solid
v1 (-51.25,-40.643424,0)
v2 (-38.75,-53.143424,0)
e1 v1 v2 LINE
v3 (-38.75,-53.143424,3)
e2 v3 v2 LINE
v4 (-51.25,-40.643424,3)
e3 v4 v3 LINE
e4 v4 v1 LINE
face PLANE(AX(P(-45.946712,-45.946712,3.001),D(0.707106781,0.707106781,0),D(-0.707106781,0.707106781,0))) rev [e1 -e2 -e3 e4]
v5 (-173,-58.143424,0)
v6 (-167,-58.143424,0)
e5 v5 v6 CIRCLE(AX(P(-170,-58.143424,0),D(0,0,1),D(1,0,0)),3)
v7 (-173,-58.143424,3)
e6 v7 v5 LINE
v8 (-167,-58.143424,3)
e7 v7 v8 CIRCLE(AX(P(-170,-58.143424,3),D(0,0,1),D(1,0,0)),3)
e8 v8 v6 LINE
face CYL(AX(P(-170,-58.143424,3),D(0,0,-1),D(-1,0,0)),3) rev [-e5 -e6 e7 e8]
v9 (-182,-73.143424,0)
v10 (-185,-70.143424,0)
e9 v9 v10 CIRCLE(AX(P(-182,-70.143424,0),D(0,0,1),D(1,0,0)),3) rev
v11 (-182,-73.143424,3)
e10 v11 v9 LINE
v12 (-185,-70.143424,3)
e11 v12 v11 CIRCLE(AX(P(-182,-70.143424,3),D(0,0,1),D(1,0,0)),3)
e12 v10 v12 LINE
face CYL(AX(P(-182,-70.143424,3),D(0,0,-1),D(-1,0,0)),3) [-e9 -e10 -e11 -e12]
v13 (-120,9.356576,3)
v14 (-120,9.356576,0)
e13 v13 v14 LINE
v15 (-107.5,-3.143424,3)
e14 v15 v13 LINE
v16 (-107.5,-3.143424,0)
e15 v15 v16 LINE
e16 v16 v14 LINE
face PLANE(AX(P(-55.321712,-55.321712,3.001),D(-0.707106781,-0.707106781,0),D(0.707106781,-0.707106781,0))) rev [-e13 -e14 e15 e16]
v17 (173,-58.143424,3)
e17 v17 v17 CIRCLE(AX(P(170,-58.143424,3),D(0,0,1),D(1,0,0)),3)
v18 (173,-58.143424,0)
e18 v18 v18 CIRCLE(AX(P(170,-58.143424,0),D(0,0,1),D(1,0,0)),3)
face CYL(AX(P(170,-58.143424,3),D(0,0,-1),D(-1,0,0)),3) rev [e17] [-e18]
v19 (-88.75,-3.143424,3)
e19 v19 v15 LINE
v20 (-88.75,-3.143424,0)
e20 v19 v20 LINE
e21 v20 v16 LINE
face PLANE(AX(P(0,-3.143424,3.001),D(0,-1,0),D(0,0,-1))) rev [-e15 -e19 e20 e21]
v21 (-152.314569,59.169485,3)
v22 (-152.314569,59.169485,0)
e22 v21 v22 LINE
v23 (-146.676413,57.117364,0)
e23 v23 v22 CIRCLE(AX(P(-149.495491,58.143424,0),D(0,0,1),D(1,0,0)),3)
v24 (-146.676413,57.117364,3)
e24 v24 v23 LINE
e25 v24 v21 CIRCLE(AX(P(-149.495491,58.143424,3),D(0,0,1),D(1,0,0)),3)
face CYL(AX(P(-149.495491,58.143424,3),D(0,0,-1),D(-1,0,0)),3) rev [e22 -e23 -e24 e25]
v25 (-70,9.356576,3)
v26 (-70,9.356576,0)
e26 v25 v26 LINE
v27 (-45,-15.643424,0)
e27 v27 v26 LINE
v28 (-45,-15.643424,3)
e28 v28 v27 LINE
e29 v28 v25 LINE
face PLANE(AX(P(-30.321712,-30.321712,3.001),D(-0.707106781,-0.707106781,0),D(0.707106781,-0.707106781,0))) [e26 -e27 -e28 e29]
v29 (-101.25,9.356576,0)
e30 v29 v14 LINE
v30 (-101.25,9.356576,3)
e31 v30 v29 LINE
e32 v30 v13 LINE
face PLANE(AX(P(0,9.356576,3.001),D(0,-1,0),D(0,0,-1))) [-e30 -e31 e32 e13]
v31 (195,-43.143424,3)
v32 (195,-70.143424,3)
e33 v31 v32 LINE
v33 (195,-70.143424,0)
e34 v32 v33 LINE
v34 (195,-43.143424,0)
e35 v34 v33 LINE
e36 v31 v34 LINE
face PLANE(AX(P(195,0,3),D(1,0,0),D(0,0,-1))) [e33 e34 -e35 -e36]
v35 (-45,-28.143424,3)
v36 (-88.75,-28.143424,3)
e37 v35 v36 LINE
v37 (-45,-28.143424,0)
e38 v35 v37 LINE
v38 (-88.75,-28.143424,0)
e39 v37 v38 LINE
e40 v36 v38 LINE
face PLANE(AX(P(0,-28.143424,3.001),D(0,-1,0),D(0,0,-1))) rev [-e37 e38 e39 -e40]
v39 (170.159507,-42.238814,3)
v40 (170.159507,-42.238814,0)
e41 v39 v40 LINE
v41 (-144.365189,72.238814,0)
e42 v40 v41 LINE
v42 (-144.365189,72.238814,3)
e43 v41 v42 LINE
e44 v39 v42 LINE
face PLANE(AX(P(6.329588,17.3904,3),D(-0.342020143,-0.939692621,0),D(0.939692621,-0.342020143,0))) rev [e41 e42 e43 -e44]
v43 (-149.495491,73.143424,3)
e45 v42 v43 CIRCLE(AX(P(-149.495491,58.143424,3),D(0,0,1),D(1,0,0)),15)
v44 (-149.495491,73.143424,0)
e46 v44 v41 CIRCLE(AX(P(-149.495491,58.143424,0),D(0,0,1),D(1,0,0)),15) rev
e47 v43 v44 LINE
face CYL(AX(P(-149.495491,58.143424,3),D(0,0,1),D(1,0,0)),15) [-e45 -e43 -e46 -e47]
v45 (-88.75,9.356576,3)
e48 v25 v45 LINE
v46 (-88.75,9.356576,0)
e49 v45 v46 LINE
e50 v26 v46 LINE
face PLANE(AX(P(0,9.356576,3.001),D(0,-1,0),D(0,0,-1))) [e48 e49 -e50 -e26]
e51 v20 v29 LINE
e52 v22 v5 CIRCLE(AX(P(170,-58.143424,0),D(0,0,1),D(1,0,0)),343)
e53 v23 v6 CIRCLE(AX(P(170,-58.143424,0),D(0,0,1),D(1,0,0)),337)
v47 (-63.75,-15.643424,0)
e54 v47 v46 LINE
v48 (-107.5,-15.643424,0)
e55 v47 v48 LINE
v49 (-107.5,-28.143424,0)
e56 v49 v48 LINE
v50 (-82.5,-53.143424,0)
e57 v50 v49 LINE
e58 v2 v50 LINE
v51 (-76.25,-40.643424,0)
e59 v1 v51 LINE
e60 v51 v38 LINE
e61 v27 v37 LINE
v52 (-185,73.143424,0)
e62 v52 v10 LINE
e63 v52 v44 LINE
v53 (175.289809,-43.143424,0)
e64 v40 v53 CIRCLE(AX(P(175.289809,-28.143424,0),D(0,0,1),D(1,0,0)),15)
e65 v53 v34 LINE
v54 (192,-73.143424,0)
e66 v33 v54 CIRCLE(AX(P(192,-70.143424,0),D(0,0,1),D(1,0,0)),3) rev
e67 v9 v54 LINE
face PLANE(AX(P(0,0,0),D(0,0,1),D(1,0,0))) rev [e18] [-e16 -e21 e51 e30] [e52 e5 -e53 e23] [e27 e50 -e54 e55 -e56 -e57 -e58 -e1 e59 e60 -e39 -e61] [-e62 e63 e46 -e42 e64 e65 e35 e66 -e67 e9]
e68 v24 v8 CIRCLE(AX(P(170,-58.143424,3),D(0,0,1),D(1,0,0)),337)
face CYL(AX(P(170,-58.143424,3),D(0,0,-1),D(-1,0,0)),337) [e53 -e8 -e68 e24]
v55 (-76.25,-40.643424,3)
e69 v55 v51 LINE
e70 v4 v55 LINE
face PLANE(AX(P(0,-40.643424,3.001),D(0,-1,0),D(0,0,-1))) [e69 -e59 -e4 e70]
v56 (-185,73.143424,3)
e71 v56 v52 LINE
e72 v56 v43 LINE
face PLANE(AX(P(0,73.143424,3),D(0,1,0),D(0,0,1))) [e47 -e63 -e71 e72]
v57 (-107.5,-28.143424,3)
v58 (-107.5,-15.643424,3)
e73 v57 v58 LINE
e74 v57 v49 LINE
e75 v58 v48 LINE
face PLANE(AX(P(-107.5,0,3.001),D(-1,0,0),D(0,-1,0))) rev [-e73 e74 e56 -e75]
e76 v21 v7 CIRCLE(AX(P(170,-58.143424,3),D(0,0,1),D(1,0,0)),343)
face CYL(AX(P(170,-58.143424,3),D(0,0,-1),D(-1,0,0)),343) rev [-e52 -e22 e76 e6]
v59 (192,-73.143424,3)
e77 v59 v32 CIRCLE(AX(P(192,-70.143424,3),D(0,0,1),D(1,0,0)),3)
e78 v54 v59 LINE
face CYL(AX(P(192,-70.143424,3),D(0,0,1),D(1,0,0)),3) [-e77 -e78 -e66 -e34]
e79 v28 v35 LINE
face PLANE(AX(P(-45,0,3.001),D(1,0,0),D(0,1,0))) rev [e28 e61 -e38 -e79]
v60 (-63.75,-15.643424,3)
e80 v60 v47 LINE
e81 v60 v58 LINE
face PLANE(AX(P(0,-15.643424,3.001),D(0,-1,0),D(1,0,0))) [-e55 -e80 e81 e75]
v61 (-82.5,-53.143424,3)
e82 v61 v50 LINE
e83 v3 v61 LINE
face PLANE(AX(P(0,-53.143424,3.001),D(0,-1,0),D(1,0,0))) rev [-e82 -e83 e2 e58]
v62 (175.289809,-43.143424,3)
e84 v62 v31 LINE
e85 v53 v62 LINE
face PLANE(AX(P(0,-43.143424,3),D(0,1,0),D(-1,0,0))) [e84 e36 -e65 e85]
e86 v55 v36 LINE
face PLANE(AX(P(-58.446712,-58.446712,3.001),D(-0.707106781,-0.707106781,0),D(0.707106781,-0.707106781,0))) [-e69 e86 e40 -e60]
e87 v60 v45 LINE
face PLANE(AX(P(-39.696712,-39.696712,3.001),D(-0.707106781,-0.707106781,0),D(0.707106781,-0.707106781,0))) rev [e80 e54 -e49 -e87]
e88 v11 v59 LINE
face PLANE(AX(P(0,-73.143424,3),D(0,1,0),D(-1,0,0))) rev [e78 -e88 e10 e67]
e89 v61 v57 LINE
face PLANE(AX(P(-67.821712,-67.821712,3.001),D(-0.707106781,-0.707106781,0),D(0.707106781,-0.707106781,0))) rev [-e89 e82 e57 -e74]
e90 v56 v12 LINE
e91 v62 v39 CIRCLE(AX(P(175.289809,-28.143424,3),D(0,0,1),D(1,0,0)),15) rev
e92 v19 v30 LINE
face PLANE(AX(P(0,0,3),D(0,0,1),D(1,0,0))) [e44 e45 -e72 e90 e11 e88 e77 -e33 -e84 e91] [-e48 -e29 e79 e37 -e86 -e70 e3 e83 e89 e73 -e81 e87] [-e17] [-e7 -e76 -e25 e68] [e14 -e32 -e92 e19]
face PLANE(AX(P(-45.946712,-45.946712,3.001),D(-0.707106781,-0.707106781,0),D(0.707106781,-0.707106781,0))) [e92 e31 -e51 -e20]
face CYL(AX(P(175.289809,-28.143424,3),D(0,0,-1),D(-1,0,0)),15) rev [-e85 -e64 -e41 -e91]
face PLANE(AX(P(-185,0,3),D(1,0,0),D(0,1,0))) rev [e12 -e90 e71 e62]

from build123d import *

# Parameters (mm, degrees)
BOSS_EXTRUDE1_DEPTH = 3
FILLET1_R           = 15
FILLET2_R           = 3
CUT_EXTRUDE2_REACH  = 210.288


with BuildPart() as part:
    # Sketch1 → Boss-Extrude1 (new body)
    with BuildSketch(Plane.XY):
        with BuildLine():
            Line((172.644904711, -43.143424365), (-141.232259922, 71.098520777))
            ThreePointArc((-141.232259922, 71.098520777), (-144.032153784, 64.138243883), (-146.676413136, 57.117364125))
            ThreePointArc((-146.676413136, 57.117364125), (-148.639759836, 51.573044096), (-150.506045786, 45.99530337))
            ThreePointArc((-150.506045786, 45.99530337), (-152.274702625, 40.385840566), (-153.945191461, 34.746364791))
            ThreePointArc((-153.945191461, 34.746364791), (-155.517003393, 29.078594081), (-156.989659693, 23.384254699))
            ThreePointArc((-156.989659693, 23.384254699), (-158.362711759, 17.665081266), (-159.635741365, 11.922815828))
            ThreePointArc((-159.635741365, 11.922815828), (-160.808360796, 6.159207212), (-161.880212786, 0.37601139))
            ThreePointArc((-161.880212786, 0.37601139), (-162.850970773, -5.425009602), (-163.720339137, -11.242089133))
            ThreePointArc((-163.720339137, -11.242089133), (-164.48805308, -17.073455447), (-165.153878721, -22.917332071))
            ThreePointArc((-165.153878721, -22.917332071), (-165.717613271, -28.771939222), (-166.179084972, -34.635493212))
            ThreePointArc((-166.179084972, -34.635493212), (-166.538153226, -40.50620738), (-166.794708707, -46.382294014))
            ThreePointArc((-166.794708707, -46.382294014), (-166.948673268, -52.261963415), (-167, -58.143424365))
            ThreePointArc((-167, -58.143424365), (-166.916491303, -65.645283328), (-166.6660066, -73.143424365))
            Line((-166.6660066, -73.143424365), (170, -73.143424365))
            ThreePointArc((170, -73.143424365), (155, -58.143424365), (170, -43.143424365))
            Line((170, -43.143424365), (172.644904711, -43.143424365))
        make_face()
        with BuildLine():
            ThreePointArc((170, -43.143424365), (155, -58.143424365), (170, -73.143424365))
            Line((170, -73.143424365), (170, -61.143424365))
            ThreePointArc((170, -61.143424365), (167, -58.143424365), (170, -55.143424365))
            Line((170, -55.143424365), (170, -43.143424365))
        make_face()
        with BuildLine():
            Line((170, -61.143424365), (170, -73.143424365))
            ThreePointArc((170, -73.143424365), (180.606601718, -68.750026083), (185, -58.143424365))
            ThreePointArc((185, -58.143424365), (182.287280664, -49.53977782), (175.13030215, -44.048035054))
            ThreePointArc((175.13030215, -44.048035054), (172.604722665, -43.37130807), (170, -43.143424365))
            Line((170, -43.143424365), (170, -55.143424365))
            ThreePointArc((170, -55.143424365), (172.121320344, -56.022104022), (173, -58.143424365))
            ThreePointArc((173, -58.143424365), (172.121320344, -60.264744709), (170, -61.143424365))
        make_face()
        with BuildLine():
            ThreePointArc((185, -58.143424365), (180.606601718, -68.750026083), (170, -73.143424365))
            Line((170, -73.143424365), (185, -73.143424365))
            Line((185, -73.143424365), (185, -58.143424365))
        make_face()
        Polygon((195, -43.143424365), (185, -43.143424365), (185, -58.143424365), (185, -73.143424365), (195, -73.143424365), align=None)
        with BuildLine():
            Line((185, -43.143424365), (172.644904711, -43.143424365))
            Line((172.644904711, -43.143424365), (175.13030215, -44.048035054))
            ThreePointArc((175.13030215, -44.048035054), (182.287280664, -49.53977782), (185, -58.143424365))
            Line((185, -58.143424365), (185, -43.143424365))
        make_face()
        with BuildLine():
            Line((-141.232259922, 71.098520777), (-144.05410977, 72.125590127))
            ThreePointArc((-144.05410977, 72.125590127), (-146.304846887, 66.561201995), (-148.457003515, 60.957948056))
            ThreePointArc((-148.457003515, 60.957948056), (-147.034245178, 59.858728616), (-146.495491067, 58.143424365))
            ThreePointArc((-146.495491067, 58.143424365), (-146.541067791, 57.622479932), (-146.676413136, 57.117364125))
            ThreePointArc((-146.676413136, 57.117364125), (-144.032153784, 64.138243883), (-141.232259922, 71.098520777))
        make_face()
        with BuildLine():
            Line((-146.850586357, 73.143424365), (-146.879730103, 73.143424365))
            ThreePointArc((-146.879730103, 73.143424365), (-149.673514203, 66.186155049), (-152.314568802, 59.169485145))
            ThreePointArc((-152.314568802, 59.169485145), (-150.757344959, 60.865137935), (-148.457003515, 60.957948056))
            ThreePointArc((-148.457003515, 60.957948056), (-146.304846887, 66.561201995), (-144.05410977, 72.125590127))
            Line((-144.05410977, 72.125590127), (-146.850586357, 73.143424365))
        make_face()
        with BuildLine():
            Line((-146.879730103, 73.143424365), (-185, 73.143424365))
            Line((-185, 73.143424365), (-185, -73.143424365))
            Line((-185, -73.143424365), (-172.671854695, -73.143424365))
            ThreePointArc((-172.671854695, -73.143424365), (-172.917953861, -65.6452188), (-173, -58.143424352))
            ThreePointArc((-173, -58.143424352), (-172.947759441, -52.157249117), (-172.791053679, -46.172897328))
            ThreePointArc((-172.791053679, -46.172897328), (-172.529930414, -40.192191247), (-172.164469198, -34.216953285))
            ThreePointArc((-172.164469198, -34.216953285), (-171.694781411, -28.249004209), (-171.12101009, -22.290161263))
            ThreePointArc((-171.12101009, -22.290161263), (-170.443329971, -16.342239237), (-169.661947511, -10.407050258))
            ThreePointArc((-169.661947511, -10.407050258), (-168.777100779, -4.486402568), (-167.789059266, 1.417900674))
            ThreePointArc((-167.789059266, 1.417900674), (-166.698123892, 7.304061207), (-165.504627005, 13.170285803))
            ThreePointArc((-165.504627005, 13.170285803), (-164.208932183, 19.01478744), (-162.811434084, 24.835785939))
            ThreePointArc((-162.811434084, 24.835785939), (-161.312558439, 30.631508024), (-159.712761785, 36.400188407))
            ThreePointArc((-159.712761785, 36.400188407), (-158.01253136, 42.140070142), (-156.212385139, 47.849404552))
            ThreePointArc((-156.212385139, 47.849404552), (-154.312871396, 53.526452713), (-152.314568802, 59.169485145))
            ThreePointArc((-152.314568802, 59.169485145), (-149.673514203, 66.186155049), (-146.879730103, 73.143424365))
        make_face()
        with BuildLine():
            ThreePointArc((-173, -58.143424352), (-172.917953861, -65.6452188), (-172.671854695, -73.143424365))
            Line((-172.671854695, -73.143424365), (-169.668956486, -73.143424365))
            ThreePointArc((-169.668956486, -73.143424365), (-169.88082472, -67.144812467), (-169.986764706, -61.14339517))
            ThreePointArc((-169.986764706, -61.14339517), (-172.116635793, -60.269418938), (-173, -58.143424352))
        make_face()
        with BuildLine():
            ThreePointArc((-169.986764706, -61.14339517), (-169.88082472, -67.144812467), (-169.668956486, -73.143424365))
            Line((-169.668956486, -73.143424365), (-166.6660066, -73.143424365))
            ThreePointArc((-166.6660066, -73.143424365), (-166.916491303, -65.645283328), (-167, -58.143424365))
            ThreePointArc((-167, -58.143424365), (-167.874005423, -60.260060153), (-169.986764706, -61.14339517))
        make_face()
        with BuildLine():
            Line((175.13030215, -44.048035054), (172.644904711, -43.143424365))
            Line((172.644904711, -43.143424365), (170, -43.143424365))
            ThreePointArc((170, -43.143424365), (172.604722665, -43.37130807), (175.13030215, -44.048035054))
        make_face()
    extrude(amount=BOSS_EXTRUDE1_DEPTH)

    # Fillet1
    fillet1_edges = [part.edges().sort_by_distance(p)[0] for p in [
        (-146.850586357, 73.143424365, 1.5),
        (172.644904711, -43.143424365, 1.5),
    ]]
    fillet(fillet1_edges, radius=FILLET1_R)

    # Fillet2
    fillet2_edges = [part.edges().sort_by_distance(p)[0] for p in [
        (-185, -73.143424365, 1.5),
        (195, -73.143424365, 1.5),
    ]]
    fillet(fillet2_edges, radius=FILLET2_R)

    # Sketch5 → Cut-Extrude2 (cut, up to next)
    with BuildSketch(Plane(origin=(0, 0, 0), x_dir=(-1, 0, 0), z_dir=(0, 0, -1)), mode=Mode.PRIVATE) as cut_extrude2_sk1:
        Polygon((107.5, 9.356575635), (95, -3.143424365), (107.5, -3.143424365), (120, 9.356575635), align=None)
    cut_extrude2_tool1 = extrude(cut_extrude2_sk1.sketch, amount=-CUT_EXTRUDE2_REACH, mode=Mode.PRIVATE) & part.part
    # Sketch5 → Cut-Extrude2 (cut, up to next)
    with BuildSketch(Plane(origin=(0, 0, 0), x_dir=(-1, 0, 0), z_dir=(0, 0, -1)), mode=Mode.PRIVATE) as cut_extrude2_sk2:
        Polygon((101.25, 9.356575635), (88.75, -3.143424365), (95, -3.143424365), (107.5, 9.356575635), align=None)
    cut_extrude2_tool2 = extrude(cut_extrude2_sk2.sketch, amount=-CUT_EXTRUDE2_REACH, mode=Mode.PRIVATE) & part.part
    # Sketch5 → Cut-Extrude2 (cut, up to next)
    with BuildSketch(Plane(origin=(0, 0, 0), x_dir=(-1, 0, 0), z_dir=(0, 0, -1)), mode=Mode.PRIVATE) as cut_extrude2_sk3:
        Polygon((70, 9.356575635), (57.5, -3.143424365), (76.25, -3.143424365), (88.75, 9.356575635), align=None)
    cut_extrude2_tool3 = extrude(cut_extrude2_sk3.sketch, amount=-CUT_EXTRUDE2_REACH, mode=Mode.PRIVATE) & part.part
    # Sketch5 → Cut-Extrude2 (cut, up to next)
    with BuildSketch(Plane(origin=(0, 0, 0), x_dir=(-1, 0, 0), z_dir=(0, 0, -1)), mode=Mode.PRIVATE) as cut_extrude2_sk4:
        Polygon((57.5, -3.143424365), (45, -15.643424365), (63.75, -15.643424365), (76.25, -3.143424365), align=None)
    cut_extrude2_tool4 = extrude(cut_extrude2_sk4.sketch, amount=-CUT_EXTRUDE2_REACH, mode=Mode.PRIVATE) & part.part
    # Sketch5 → Cut-Extrude2 (cut, up to next)
    with BuildSketch(Plane(origin=(0, 0, 0), x_dir=(-1, 0, 0), z_dir=(0, 0, -1)), mode=Mode.PRIVATE) as cut_extrude2_sk5:
        Polygon((45, -28.143424365), (51.25, -28.143424365), (63.75, -15.643424365), (45, -15.643424365), align=None)
    cut_extrude2_tool5 = extrude(cut_extrude2_sk5.sketch, amount=-CUT_EXTRUDE2_REACH, mode=Mode.PRIVATE) & part.part
    # Sketch5 → Cut-Extrude2 (cut, up to next)
    with BuildSketch(Plane(origin=(0, 0, 0), x_dir=(-1, 0, 0), z_dir=(0, 0, -1)), mode=Mode.PRIVATE) as cut_extrude2_sk6:
        Polygon((63.75, -15.643424365), (51.25, -28.143424365), (70, -28.143424365), (82.5, -15.643424365), align=None)
    cut_extrude2_tool6 = extrude(cut_extrude2_sk6.sketch, amount=-CUT_EXTRUDE2_REACH, mode=Mode.PRIVATE) & part.part
    # Sketch5 → Cut-Extrude2 (cut, up to next)
    with BuildSketch(Plane(origin=(0, 0, 0), x_dir=(-1, 0, 0), z_dir=(0, 0, -1)), mode=Mode.PRIVATE) as cut_extrude2_sk7:
        Polygon((82.5, -15.643424365), (70, -28.143424365), (88.75, -28.143424365), (101.25, -15.643424365), align=None)
    cut_extrude2_tool7 = extrude(cut_extrude2_sk7.sketch, amount=-CUT_EXTRUDE2_REACH, mode=Mode.PRIVATE) & part.part
    # Sketch5 → Cut-Extrude2 (cut, up to next)
    with BuildSketch(Plane(origin=(0, 0, 0), x_dir=(-1, 0, 0), z_dir=(0, 0, -1)), mode=Mode.PRIVATE) as cut_extrude2_sk8:
        Polygon((101.25, -15.643424365), (88.75, -28.143424365), (107.5, -28.143424365), (107.5, -15.643424365), align=None)
    cut_extrude2_tool8 = extrude(cut_extrude2_sk8.sketch, amount=-CUT_EXTRUDE2_REACH, mode=Mode.PRIVATE) & part.part
    # Sketch5 → Cut-Extrude2 (cut, up to next)
    with BuildSketch(Plane(origin=(0, 0, 0), x_dir=(-1, 0, 0), z_dir=(0, 0, -1)), mode=Mode.PRIVATE) as cut_extrude2_sk9:
        Polygon((88.75, -28.143424365), (76.25, -40.643424365), (95, -40.643424365), (107.5, -28.143424365), align=None)
    cut_extrude2_tool9 = extrude(cut_extrude2_sk9.sketch, amount=-CUT_EXTRUDE2_REACH, mode=Mode.PRIVATE) & part.part
    # Sketch5 → Cut-Extrude2 (cut, up to next)
    with BuildSketch(Plane(origin=(0, 0, 0), x_dir=(-1, 0, 0), z_dir=(0, 0, -1)), mode=Mode.PRIVATE) as cut_extrude2_sk10:
        Polygon((76.25, -40.643424365), (63.75, -53.143424365), (82.5, -53.143424365), (95, -40.643424365), align=None)
    cut_extrude2_tool10 = extrude(cut_extrude2_sk10.sketch, amount=-CUT_EXTRUDE2_REACH, mode=Mode.PRIVATE) & part.part
    # Sketch5 → Cut-Extrude2 (cut, up to next)
    with BuildSketch(Plane(origin=(0, 0, 0), x_dir=(-1, 0, 0), z_dir=(0, 0, -1)), mode=Mode.PRIVATE) as cut_extrude2_sk11:
        Polygon((57.5, -40.643424365), (45, -53.143424365), (63.75, -53.143424365), (76.25, -40.643424365), align=None)
    cut_extrude2_tool11 = extrude(cut_extrude2_sk11.sketch, amount=-CUT_EXTRUDE2_REACH, mode=Mode.PRIVATE) & part.part
    # Sketch5 → Cut-Extrude2 (cut, up to next)
    with BuildSketch(Plane(origin=(0, 0, 0), x_dir=(-1, 0, 0), z_dir=(0, 0, -1)), mode=Mode.PRIVATE) as cut_extrude2_sk12:
        Polygon((51.25, -40.643424365), (38.75, -53.143424365), (45, -53.143424365), (57.5, -40.643424365), align=None)
    cut_extrude2_tool12 = extrude(cut_extrude2_sk12.sketch, amount=-CUT_EXTRUDE2_REACH, mode=Mode.PRIVATE) & part.part
    add(cut_extrude2_tool1.solids().sort_by_distance((-107.5, 3.106576, 0))[0], mode=Mode.SUBTRACT)
    add(cut_extrude2_tool2.solids().sort_by_distance((-98.125, 3.106576, 0))[0], mode=Mode.SUBTRACT)
    add(cut_extrude2_tool3.solids().sort_by_distance((-73.125, 3.106576, 0))[0], mode=Mode.SUBTRACT)
    add(cut_extrude2_tool4.solids().sort_by_distance((-60.625, -9.393424, 0))[0], mode=Mode.SUBTRACT)
    add(cut_extrude2_tool5.solids().sort_by_distance((-51.770833, -20.851758, 0))[0], mode=Mode.SUBTRACT)
    add(cut_extrude2_tool6.solids().sort_by_distance((-66.875, -21.893424, 0))[0], mode=Mode.SUBTRACT)
    add(cut_extrude2_tool7.solids().sort_by_distance((-85.625, -21.893424, 0))[0], mode=Mode.SUBTRACT)
    add(cut_extrude2_tool8.solids().sort_by_distance((-100.729167, -22.935091, 0))[0], mode=Mode.SUBTRACT)
    add(cut_extrude2_tool9.solids().sort_by_distance((-91.875, -34.393424, 0))[0], mode=Mode.SUBTRACT)
    add(cut_extrude2_tool10.solids().sort_by_distance((-79.375, -46.893424, 0))[0], mode=Mode.SUBTRACT)
    add(cut_extrude2_tool11.solids().sort_by_distance((-60.625, -46.893424, 0))[0], mode=Mode.SUBTRACT)
    add(cut_extrude2_tool12.solids().sort_by_distance((-48.125, -46.893424, 0))[0], mode=Mode.SUBTRACT)


solid = part.part
